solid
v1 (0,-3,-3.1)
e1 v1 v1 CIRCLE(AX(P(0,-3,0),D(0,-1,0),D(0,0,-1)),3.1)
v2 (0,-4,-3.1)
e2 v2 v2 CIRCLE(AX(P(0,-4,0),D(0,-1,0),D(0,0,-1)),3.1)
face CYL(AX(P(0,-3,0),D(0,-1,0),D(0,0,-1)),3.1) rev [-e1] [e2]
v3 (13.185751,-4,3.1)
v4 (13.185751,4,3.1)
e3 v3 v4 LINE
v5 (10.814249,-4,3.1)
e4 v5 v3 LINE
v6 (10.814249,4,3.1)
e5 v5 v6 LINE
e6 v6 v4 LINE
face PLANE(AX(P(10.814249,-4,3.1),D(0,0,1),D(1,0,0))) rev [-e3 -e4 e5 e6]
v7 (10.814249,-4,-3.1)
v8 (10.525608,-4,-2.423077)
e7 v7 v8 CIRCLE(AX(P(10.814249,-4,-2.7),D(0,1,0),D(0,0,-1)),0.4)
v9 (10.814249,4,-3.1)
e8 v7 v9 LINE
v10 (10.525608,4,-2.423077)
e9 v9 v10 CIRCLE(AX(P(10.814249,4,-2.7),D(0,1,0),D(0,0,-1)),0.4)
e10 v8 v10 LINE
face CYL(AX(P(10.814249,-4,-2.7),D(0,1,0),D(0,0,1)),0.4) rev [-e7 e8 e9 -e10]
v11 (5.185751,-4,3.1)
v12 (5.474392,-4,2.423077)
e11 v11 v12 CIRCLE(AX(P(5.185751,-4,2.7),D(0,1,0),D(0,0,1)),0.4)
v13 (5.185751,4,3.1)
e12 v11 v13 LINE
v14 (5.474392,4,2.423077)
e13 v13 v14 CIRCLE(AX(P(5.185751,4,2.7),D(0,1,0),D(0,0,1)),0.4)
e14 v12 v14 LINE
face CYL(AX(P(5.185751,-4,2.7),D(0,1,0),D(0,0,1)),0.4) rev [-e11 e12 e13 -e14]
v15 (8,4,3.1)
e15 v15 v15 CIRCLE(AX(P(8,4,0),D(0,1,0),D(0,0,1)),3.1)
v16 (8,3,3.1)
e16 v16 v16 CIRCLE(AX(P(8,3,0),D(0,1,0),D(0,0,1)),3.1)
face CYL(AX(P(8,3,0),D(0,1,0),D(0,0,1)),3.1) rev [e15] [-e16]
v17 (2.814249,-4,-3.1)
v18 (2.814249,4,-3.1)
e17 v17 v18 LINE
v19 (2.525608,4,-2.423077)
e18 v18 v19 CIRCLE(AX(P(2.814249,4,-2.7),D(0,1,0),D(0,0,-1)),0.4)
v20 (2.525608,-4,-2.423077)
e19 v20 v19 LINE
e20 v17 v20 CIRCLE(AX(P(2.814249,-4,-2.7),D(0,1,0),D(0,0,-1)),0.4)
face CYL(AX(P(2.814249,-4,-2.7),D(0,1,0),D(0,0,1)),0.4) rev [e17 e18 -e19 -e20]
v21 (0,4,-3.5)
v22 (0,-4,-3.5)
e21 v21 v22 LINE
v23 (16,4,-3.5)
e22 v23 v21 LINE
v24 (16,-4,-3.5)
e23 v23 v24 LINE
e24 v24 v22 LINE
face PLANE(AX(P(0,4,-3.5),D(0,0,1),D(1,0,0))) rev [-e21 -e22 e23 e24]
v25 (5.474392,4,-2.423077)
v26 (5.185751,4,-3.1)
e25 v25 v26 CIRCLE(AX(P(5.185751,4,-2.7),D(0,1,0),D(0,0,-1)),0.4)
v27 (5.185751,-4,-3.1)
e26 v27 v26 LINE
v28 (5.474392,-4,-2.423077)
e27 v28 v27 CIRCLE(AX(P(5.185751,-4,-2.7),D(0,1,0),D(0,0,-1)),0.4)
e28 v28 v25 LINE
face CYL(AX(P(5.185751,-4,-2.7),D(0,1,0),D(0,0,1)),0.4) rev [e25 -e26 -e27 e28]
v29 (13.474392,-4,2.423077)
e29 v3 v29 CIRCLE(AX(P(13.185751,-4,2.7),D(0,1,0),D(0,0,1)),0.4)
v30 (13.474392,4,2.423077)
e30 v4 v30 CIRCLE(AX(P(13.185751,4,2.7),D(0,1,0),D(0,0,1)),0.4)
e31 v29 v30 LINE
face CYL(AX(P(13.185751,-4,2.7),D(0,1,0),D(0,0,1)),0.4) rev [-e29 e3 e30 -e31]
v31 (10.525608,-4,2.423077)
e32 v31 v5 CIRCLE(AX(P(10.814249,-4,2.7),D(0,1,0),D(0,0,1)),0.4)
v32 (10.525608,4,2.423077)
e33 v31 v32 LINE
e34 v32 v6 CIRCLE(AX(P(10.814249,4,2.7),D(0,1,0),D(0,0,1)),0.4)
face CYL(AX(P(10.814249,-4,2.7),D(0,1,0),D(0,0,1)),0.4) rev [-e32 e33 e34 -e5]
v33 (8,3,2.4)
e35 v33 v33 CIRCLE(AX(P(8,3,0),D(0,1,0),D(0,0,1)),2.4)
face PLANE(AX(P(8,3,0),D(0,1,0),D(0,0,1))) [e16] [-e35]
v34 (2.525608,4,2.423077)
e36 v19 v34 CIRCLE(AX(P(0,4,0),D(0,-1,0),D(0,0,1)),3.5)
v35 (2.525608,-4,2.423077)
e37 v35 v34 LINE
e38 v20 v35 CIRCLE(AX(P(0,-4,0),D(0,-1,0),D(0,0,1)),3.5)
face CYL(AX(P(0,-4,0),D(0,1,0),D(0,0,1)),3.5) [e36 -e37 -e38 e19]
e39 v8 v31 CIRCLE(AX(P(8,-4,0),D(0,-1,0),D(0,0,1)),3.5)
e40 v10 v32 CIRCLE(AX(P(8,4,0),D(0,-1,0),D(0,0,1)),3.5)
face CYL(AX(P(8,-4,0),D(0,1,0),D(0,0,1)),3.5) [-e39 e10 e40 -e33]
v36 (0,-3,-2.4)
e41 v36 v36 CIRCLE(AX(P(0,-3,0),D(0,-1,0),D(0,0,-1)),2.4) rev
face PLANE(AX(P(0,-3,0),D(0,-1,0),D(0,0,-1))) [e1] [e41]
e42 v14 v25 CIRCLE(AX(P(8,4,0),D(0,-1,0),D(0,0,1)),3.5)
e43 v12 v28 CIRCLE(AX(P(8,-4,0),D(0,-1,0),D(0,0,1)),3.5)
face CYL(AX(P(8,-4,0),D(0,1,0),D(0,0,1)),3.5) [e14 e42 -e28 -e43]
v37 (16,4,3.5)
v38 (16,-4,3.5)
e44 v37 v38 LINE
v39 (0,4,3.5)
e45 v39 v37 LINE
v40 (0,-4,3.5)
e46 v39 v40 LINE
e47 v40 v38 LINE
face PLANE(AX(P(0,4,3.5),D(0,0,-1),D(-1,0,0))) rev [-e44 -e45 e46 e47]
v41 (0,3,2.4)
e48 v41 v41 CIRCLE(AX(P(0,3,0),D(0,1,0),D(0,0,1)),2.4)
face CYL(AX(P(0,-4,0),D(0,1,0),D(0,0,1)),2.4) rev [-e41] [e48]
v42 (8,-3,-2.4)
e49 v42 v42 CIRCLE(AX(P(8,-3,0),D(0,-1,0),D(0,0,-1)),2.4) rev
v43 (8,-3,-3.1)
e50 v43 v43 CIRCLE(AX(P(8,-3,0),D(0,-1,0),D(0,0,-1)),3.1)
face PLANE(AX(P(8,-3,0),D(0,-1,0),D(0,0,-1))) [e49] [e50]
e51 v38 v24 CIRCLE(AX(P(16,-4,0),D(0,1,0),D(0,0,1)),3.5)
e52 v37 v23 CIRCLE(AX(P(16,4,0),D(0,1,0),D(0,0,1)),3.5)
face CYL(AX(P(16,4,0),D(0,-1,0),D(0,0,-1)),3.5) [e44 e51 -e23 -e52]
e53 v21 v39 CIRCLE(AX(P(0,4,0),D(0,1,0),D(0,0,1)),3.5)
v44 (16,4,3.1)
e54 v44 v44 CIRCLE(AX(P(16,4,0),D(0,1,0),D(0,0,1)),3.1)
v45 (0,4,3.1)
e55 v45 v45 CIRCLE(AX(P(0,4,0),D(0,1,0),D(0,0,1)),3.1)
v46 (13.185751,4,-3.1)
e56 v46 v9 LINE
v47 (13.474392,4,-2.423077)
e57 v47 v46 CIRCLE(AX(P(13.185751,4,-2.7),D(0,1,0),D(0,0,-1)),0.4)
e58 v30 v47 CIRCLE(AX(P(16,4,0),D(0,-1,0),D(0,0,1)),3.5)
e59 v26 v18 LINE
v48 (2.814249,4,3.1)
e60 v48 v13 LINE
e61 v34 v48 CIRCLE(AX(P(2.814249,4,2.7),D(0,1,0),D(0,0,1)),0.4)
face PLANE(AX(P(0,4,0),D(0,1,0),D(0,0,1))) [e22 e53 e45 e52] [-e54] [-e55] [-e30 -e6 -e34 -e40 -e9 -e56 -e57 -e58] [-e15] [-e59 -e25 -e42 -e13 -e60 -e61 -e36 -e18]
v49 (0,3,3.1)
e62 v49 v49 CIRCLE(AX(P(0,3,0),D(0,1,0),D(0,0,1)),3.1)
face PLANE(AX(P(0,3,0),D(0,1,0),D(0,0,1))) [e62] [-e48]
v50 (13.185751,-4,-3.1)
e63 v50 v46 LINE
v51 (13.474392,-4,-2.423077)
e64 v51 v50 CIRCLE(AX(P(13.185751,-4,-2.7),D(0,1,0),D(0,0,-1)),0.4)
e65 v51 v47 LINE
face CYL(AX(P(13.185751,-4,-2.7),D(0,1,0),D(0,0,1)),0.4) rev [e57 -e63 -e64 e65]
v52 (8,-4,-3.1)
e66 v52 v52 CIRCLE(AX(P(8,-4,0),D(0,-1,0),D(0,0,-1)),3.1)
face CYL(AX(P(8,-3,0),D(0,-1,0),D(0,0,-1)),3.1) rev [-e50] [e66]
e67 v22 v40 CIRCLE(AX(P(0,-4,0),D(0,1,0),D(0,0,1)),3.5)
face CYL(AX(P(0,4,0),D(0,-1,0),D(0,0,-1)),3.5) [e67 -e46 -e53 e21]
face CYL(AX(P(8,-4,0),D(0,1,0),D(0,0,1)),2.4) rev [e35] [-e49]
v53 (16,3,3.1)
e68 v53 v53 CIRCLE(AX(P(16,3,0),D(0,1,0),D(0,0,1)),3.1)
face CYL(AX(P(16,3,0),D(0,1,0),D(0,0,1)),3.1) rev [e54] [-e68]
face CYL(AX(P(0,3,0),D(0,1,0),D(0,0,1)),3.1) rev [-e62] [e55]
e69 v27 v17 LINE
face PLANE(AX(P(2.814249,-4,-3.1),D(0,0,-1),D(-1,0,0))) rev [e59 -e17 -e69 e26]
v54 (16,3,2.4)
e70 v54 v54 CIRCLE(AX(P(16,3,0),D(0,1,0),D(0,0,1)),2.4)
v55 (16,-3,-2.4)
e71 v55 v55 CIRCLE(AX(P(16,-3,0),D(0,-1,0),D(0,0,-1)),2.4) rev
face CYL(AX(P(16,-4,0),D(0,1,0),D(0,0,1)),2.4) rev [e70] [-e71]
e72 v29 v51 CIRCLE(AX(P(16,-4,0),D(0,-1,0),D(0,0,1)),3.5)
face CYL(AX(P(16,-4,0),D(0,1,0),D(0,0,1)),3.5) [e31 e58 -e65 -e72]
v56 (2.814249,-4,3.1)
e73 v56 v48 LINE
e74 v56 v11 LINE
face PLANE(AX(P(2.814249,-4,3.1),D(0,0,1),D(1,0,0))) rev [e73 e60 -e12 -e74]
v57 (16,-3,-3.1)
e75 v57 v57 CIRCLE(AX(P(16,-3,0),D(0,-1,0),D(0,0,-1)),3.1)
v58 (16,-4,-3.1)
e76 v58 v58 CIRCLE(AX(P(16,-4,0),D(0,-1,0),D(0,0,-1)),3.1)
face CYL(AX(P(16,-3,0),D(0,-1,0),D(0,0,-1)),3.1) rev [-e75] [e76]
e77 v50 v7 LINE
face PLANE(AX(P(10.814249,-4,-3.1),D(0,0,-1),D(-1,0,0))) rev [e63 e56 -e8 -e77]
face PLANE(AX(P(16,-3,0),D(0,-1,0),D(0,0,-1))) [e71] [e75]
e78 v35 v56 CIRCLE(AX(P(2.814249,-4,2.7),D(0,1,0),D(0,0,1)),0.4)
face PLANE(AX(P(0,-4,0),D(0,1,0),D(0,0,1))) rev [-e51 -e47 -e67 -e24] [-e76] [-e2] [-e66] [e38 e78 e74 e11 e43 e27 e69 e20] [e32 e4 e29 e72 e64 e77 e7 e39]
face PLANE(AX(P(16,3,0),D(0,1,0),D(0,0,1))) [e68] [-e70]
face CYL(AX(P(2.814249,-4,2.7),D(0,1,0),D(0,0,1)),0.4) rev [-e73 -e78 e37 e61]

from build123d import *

# Parameters (mm, degrees)
BOSS_EXTRUDE1_DEPTH = 4
SKETCH3_R           = 3.1
CUT_EXTRUDE1_DEPTH  = 1
SKETCH4_R           = 2.4
CUT_EXTRUDE2_DEPTH  = 22.365860619
CUT_EXTRUDE4_START  = -1
SKETCH7_R           = 3.1
CUT_EXTRUDE4_DEPTH  = 1
LPATTERN3_COUNT     = 3
LPATTERN3_PITCH     = 8
CUT_EXTRUDE5_DEPTH  = 22.365860619
LPATTERN4_COUNT     = 2
LPATTERN4_PITCH     = 8


with BuildPart() as part:
    # Sketch2 → Boss-Extrude1 (new, symmetric)
    with BuildSketch(Plane(origin=(0, 0, 0), x_dir=(1, 0, 0), z_dir=(0, 1, 0))):
        with BuildLine():
            Line((0, 3.5), (16, 3.5))
            ThreePointArc((16, 3.5), (19.5, 0), (16, -3.5))
            Line((16, -3.5), (0, -3.5))
            ThreePointArc((0, -3.5), (-3.5, 0), (0, 3.5))
        make_face()
    extrude(amount=BOSS_EXTRUDE1_DEPTH, both=True)

    # Sketch3 → Cut-Extrude1 (cut)
    with BuildSketch(Plane(origin=(0, 4, 0), x_dir=(1, 0, 0), z_dir=(0, 1, 0))):
        with Locations(Location((0, 0, 0), (0, 0, 270))):
            Circle(SKETCH3_R)
    cut_extrude1 = extrude(amount=-CUT_EXTRUDE1_DEPTH, mode=Mode.SUBTRACT)

    # Sketch4 → Cut-Extrude2 (cut, through all)
    with BuildSketch(Plane(origin=(0, 4, 0), x_dir=(1, 0, 0), z_dir=(0, 1, 0))):
        with Locations(Location((0, 0, 0), (0, 0, 270))):
            Circle(SKETCH4_R)
    cut_extrude2 = extrude(amount=-CUT_EXTRUDE2_DEPTH, mode=Mode.SUBTRACT)

    # Sketch7 → Cut-Extrude4 (cut)
    with BuildSketch(Plane(origin=(0, -4, 0), x_dir=(-1, 0, 0), z_dir=(0, -1, 0)).offset(CUT_EXTRUDE4_START)):
        with Locations(Location((0, 0, 0), (0, 0, 270))):
            Circle(SKETCH7_R)
    cut_extrude4 = extrude(amount=CUT_EXTRUDE4_DEPTH, mode=Mode.SUBTRACT)

    # LPattern3: Cut-Extrude1, Cut-Extrude2, Cut-Extrude4 ×3
    with Locations(*[(i * LPATTERN3_PITCH, 0, 0) for i in range(1, LPATTERN3_COUNT)]):
        add(cut_extrude1, mode=Mode.SUBTRACT)
        add(cut_extrude2, mode=Mode.SUBTRACT)
        add(cut_extrude4, mode=Mode.SUBTRACT)

    # Sketch8 → Cut-Extrude5 (cut, through all)
    with BuildSketch(Plane(origin=(0, 4, 0), x_dir=(1, 0, 0), z_dir=(0, 1, 0))):
        with BuildLine():
            Line((2.814249456, 3.1), (5.185750544, 3.1))
            ThreePointArc((5.185750544, 3.1), (5.553697029, 2.856892908), (5.474391514, 2.423076923))
            ThreePointArc((5.474391514, 2.423076923), (4.5, 0), (5.474391514, -2.423076923))
            ThreePointArc((5.474391514, -2.423076923), (5.553697029, -2.856892908), (5.185750544, -3.1))
            Line((5.185750544, -3.1), (2.814249456, -3.1))
            ThreePointArc((2.814249456, -3.1), (2.446302971, -2.856892908), (2.525608486, -2.423076923))
            ThreePointArc((2.525608486, -2.423076923), (3.5, 0), (2.525608486, 2.423076923))
            ThreePointArc((2.525608486, 2.423076923), (2.446302971, 2.856892908), (2.814249456, 3.1))
        make_face()
    cut_extrude5 = extrude(amount=-CUT_EXTRUDE5_DEPTH, mode=Mode.SUBTRACT)

    # LPattern4: Cut-Extrude5 ×2
    with Locations(*[(i * LPATTERN4_PITCH, 0, 0) for i in range(1, LPATTERN4_COUNT)]):
        add(cut_extrude5, mode=Mode.SUBTRACT)


solid = part.part
